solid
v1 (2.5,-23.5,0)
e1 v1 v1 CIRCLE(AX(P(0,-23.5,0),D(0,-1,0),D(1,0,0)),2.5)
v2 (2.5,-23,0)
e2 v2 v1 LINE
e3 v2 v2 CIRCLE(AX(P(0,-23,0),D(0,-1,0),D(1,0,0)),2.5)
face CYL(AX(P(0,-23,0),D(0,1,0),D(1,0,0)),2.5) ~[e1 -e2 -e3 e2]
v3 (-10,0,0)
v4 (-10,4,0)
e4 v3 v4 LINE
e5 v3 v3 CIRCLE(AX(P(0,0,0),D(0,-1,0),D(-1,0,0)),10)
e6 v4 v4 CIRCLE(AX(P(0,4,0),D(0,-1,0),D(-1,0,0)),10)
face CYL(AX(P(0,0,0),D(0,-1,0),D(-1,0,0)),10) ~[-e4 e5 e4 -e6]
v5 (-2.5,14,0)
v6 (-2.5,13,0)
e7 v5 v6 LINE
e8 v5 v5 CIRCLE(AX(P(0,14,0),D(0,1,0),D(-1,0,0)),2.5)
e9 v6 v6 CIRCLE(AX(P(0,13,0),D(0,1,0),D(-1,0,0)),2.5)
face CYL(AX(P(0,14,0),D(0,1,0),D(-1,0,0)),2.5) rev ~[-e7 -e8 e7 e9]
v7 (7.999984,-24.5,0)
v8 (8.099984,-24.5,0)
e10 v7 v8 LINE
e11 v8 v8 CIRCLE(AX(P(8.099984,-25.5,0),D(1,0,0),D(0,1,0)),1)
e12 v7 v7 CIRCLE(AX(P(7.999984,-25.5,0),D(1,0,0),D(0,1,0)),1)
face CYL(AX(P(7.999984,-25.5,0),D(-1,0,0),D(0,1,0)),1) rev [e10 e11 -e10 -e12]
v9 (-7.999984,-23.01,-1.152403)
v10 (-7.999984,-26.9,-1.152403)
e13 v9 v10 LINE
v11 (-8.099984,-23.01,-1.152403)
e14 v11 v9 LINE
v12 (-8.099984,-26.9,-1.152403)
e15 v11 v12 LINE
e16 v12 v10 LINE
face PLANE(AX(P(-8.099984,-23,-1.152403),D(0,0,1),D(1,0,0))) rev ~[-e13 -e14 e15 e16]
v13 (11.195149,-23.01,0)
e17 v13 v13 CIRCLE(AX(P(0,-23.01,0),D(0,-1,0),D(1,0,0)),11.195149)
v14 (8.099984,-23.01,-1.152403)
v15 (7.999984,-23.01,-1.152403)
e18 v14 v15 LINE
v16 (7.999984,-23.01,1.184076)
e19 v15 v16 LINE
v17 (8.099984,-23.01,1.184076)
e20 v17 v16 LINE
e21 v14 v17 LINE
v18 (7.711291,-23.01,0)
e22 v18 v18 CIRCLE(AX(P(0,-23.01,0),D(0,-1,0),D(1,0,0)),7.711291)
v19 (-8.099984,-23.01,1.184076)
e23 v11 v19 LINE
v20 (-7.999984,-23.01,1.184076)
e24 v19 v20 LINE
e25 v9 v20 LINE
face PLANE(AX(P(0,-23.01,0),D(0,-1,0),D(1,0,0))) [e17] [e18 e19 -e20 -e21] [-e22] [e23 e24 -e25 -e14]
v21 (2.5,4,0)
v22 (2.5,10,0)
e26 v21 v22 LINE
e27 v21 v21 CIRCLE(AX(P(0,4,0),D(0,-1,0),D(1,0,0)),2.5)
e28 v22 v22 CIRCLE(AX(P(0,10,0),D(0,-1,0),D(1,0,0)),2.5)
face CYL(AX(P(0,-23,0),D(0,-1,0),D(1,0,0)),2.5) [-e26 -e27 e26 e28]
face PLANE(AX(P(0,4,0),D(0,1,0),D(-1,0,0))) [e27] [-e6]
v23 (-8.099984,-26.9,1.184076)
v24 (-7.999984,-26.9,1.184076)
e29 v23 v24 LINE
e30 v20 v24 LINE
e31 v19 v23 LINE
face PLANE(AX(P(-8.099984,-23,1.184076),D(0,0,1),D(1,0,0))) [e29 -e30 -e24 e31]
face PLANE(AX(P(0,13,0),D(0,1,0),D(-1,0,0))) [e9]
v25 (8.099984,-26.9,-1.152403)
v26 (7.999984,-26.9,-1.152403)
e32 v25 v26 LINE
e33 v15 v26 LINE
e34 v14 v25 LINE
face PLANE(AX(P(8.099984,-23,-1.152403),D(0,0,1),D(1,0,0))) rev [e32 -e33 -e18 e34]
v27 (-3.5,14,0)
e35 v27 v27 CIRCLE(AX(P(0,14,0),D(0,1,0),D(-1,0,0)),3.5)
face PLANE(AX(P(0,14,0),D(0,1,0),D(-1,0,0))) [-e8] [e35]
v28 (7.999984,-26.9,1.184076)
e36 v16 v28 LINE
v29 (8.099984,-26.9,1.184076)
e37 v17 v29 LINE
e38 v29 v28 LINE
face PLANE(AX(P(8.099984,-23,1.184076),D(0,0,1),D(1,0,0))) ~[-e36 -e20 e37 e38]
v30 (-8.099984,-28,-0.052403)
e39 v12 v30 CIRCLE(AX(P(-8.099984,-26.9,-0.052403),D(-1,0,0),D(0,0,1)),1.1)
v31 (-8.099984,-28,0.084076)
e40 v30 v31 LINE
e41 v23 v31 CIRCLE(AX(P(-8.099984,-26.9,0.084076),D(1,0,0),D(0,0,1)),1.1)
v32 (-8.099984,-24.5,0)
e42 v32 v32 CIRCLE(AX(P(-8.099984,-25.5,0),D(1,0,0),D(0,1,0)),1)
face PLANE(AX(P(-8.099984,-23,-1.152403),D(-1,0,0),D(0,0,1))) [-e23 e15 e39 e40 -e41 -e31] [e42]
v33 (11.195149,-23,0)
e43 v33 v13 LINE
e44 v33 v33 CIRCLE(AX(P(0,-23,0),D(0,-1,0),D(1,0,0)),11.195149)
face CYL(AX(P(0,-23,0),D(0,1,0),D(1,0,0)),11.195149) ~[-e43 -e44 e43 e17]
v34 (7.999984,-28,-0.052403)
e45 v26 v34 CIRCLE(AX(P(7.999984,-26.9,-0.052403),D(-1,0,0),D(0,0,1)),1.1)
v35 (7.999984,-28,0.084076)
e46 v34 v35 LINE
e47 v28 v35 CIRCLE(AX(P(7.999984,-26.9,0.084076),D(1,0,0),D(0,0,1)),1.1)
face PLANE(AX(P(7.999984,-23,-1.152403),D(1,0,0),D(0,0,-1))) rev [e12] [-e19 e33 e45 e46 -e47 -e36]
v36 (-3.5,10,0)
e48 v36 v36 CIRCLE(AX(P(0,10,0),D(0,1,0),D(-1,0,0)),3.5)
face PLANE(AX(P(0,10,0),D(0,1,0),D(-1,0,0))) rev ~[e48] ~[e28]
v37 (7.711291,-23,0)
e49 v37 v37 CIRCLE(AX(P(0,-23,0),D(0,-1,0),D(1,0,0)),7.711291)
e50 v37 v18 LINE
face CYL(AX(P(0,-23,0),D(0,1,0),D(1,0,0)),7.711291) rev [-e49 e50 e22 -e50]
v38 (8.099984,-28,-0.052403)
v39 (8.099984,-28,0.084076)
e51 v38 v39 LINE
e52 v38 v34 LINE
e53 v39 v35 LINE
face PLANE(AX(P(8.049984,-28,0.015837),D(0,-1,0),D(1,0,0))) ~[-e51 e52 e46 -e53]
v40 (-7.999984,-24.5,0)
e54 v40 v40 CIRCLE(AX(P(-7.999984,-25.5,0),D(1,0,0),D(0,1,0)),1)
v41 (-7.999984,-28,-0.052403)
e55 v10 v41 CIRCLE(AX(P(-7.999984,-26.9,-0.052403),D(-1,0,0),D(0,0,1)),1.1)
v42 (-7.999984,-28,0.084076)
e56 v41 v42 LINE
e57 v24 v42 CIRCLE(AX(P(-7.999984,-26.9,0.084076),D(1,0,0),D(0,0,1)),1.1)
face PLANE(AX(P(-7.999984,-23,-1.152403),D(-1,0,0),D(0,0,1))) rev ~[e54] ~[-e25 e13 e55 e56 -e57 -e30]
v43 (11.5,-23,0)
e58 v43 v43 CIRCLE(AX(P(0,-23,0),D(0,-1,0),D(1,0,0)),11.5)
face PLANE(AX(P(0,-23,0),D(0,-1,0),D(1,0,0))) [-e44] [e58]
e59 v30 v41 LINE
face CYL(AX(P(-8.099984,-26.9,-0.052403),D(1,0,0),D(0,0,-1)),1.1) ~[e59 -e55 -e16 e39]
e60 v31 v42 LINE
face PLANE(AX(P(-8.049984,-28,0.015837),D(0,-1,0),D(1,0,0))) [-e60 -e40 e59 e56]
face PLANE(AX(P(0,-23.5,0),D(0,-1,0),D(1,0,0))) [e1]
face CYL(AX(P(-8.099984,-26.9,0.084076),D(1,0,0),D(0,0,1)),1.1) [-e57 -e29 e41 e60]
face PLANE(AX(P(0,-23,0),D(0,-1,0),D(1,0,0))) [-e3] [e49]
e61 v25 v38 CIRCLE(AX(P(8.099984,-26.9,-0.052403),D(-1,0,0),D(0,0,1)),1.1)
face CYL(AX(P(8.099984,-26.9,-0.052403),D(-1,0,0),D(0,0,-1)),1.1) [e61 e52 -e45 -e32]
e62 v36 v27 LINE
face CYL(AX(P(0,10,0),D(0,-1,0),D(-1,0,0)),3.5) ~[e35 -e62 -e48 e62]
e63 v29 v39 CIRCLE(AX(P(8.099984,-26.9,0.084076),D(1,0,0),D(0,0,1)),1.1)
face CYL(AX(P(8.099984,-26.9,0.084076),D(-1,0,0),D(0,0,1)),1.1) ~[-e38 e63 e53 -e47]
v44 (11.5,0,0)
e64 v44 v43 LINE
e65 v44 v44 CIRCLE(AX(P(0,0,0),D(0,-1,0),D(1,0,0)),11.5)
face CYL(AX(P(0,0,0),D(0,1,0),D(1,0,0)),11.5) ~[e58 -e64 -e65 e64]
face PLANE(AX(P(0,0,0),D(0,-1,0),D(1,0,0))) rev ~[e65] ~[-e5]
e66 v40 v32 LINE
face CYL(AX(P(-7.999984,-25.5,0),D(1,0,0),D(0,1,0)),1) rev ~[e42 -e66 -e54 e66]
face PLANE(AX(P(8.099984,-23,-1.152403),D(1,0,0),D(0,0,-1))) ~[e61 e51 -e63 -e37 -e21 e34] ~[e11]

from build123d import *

# Parameters (mm, degrees)
F0_R      = 11.5
F1_DEPTH  = 23
F2_R      = 10
F3_DEPTH  = 4
F4_W      = 0.1
F4_H      = 2.3364797575
F5_DEPTH  = 5
F6_R      = 1
F7_DEPTH  = 25
F8_R      = 1.1
F10_R     = 2.5
F11_DEPTH = 33
F12_R     = 11.1951487388
F12_R_2   = 7.7112913891
F13_DEPTH = 0.01
F14_R     = 2.5
F15_DEPTH = 0.5
F16_R     = 3.5
F17_DEPTH = 4
F18_R     = 2.5
F19_DEPTH = 1


with BuildPart() as f1:
    # F0 (on Front) → F1 (new body)
    with BuildSketch(Plane.XZ):
        Circle(F0_R)
    extrude(amount=F1_DEPTH)

    # F2 (on face) → F3 (join)
    with BuildSketch(Plane(origin=(0, 0, 0), x_dir=(-1, 0, 0), z_dir=(0, 1, 0))):
        Circle(F2_R)
    extrude(amount=F3_DEPTH)

    # F4 (on face) → F5 (join)
    with BuildSketch(Plane.XZ.offset(23)):
        with Locations((-8.0499843252, 0.0158365793)):
            Rectangle(F4_W, F4_H)
    extrude(amount=F5_DEPTH)

    # F6 (on face) → F7 (cut)
    with BuildSketch(Plane.YZ.offset(-7.9999843252)):
        with Locations((-25.5, 0)):
            Circle(F6_R)
    extrude(amount=-F7_DEPTH, mode=Mode.SUBTRACT)

    # F8
    f8_edges = [f1.edges().sort_by_distance(p)[0] for p in [
        (-8.049984, -28, -1.152403),
        (-8.049984, -28, 1.184076),
    ]]
    fillet(f8_edges, radius=F8_R)

    # F9: F1 across plane


with BuildPart() as f1_1:
    add(f1.part)
    add(f1.part.mirror(Plane.YZ))

    # F10 (on face) → F11 (join)
    with BuildSketch(Plane.XZ.offset(23)):
        Circle(F10_R)
    extrude(amount=-F11_DEPTH)

    # F12 (on face) → F13 (join)
    with BuildSketch(Plane.XZ.offset(23)):
        Circle(F12_R)
        Circle(F12_R_2, mode=Mode.SUBTRACT)
    extrude(amount=F13_DEPTH)

    # F14 (on face) → F15 (join)
    with BuildSketch(Plane.XZ.offset(23)):
        Circle(F14_R)
    extrude(amount=F15_DEPTH)

    # F16 (on face) → F17 (join)
    with BuildSketch(Plane(origin=(0, 10, 0), x_dir=(-1, 0, 0), z_dir=(0, 1, 0))):
        Circle(F16_R)
    extrude(amount=F17_DEPTH)

    # F18 (on face) → F19 (cut)
    with BuildSketch(Plane(origin=(0, 14, 0), x_dir=(-1, 0, 0), z_dir=(0, 1, 0))):
        Circle(F18_R)
    extrude(amount=-F19_DEPTH, mode=Mode.SUBTRACT)


solid = f1_1.part
